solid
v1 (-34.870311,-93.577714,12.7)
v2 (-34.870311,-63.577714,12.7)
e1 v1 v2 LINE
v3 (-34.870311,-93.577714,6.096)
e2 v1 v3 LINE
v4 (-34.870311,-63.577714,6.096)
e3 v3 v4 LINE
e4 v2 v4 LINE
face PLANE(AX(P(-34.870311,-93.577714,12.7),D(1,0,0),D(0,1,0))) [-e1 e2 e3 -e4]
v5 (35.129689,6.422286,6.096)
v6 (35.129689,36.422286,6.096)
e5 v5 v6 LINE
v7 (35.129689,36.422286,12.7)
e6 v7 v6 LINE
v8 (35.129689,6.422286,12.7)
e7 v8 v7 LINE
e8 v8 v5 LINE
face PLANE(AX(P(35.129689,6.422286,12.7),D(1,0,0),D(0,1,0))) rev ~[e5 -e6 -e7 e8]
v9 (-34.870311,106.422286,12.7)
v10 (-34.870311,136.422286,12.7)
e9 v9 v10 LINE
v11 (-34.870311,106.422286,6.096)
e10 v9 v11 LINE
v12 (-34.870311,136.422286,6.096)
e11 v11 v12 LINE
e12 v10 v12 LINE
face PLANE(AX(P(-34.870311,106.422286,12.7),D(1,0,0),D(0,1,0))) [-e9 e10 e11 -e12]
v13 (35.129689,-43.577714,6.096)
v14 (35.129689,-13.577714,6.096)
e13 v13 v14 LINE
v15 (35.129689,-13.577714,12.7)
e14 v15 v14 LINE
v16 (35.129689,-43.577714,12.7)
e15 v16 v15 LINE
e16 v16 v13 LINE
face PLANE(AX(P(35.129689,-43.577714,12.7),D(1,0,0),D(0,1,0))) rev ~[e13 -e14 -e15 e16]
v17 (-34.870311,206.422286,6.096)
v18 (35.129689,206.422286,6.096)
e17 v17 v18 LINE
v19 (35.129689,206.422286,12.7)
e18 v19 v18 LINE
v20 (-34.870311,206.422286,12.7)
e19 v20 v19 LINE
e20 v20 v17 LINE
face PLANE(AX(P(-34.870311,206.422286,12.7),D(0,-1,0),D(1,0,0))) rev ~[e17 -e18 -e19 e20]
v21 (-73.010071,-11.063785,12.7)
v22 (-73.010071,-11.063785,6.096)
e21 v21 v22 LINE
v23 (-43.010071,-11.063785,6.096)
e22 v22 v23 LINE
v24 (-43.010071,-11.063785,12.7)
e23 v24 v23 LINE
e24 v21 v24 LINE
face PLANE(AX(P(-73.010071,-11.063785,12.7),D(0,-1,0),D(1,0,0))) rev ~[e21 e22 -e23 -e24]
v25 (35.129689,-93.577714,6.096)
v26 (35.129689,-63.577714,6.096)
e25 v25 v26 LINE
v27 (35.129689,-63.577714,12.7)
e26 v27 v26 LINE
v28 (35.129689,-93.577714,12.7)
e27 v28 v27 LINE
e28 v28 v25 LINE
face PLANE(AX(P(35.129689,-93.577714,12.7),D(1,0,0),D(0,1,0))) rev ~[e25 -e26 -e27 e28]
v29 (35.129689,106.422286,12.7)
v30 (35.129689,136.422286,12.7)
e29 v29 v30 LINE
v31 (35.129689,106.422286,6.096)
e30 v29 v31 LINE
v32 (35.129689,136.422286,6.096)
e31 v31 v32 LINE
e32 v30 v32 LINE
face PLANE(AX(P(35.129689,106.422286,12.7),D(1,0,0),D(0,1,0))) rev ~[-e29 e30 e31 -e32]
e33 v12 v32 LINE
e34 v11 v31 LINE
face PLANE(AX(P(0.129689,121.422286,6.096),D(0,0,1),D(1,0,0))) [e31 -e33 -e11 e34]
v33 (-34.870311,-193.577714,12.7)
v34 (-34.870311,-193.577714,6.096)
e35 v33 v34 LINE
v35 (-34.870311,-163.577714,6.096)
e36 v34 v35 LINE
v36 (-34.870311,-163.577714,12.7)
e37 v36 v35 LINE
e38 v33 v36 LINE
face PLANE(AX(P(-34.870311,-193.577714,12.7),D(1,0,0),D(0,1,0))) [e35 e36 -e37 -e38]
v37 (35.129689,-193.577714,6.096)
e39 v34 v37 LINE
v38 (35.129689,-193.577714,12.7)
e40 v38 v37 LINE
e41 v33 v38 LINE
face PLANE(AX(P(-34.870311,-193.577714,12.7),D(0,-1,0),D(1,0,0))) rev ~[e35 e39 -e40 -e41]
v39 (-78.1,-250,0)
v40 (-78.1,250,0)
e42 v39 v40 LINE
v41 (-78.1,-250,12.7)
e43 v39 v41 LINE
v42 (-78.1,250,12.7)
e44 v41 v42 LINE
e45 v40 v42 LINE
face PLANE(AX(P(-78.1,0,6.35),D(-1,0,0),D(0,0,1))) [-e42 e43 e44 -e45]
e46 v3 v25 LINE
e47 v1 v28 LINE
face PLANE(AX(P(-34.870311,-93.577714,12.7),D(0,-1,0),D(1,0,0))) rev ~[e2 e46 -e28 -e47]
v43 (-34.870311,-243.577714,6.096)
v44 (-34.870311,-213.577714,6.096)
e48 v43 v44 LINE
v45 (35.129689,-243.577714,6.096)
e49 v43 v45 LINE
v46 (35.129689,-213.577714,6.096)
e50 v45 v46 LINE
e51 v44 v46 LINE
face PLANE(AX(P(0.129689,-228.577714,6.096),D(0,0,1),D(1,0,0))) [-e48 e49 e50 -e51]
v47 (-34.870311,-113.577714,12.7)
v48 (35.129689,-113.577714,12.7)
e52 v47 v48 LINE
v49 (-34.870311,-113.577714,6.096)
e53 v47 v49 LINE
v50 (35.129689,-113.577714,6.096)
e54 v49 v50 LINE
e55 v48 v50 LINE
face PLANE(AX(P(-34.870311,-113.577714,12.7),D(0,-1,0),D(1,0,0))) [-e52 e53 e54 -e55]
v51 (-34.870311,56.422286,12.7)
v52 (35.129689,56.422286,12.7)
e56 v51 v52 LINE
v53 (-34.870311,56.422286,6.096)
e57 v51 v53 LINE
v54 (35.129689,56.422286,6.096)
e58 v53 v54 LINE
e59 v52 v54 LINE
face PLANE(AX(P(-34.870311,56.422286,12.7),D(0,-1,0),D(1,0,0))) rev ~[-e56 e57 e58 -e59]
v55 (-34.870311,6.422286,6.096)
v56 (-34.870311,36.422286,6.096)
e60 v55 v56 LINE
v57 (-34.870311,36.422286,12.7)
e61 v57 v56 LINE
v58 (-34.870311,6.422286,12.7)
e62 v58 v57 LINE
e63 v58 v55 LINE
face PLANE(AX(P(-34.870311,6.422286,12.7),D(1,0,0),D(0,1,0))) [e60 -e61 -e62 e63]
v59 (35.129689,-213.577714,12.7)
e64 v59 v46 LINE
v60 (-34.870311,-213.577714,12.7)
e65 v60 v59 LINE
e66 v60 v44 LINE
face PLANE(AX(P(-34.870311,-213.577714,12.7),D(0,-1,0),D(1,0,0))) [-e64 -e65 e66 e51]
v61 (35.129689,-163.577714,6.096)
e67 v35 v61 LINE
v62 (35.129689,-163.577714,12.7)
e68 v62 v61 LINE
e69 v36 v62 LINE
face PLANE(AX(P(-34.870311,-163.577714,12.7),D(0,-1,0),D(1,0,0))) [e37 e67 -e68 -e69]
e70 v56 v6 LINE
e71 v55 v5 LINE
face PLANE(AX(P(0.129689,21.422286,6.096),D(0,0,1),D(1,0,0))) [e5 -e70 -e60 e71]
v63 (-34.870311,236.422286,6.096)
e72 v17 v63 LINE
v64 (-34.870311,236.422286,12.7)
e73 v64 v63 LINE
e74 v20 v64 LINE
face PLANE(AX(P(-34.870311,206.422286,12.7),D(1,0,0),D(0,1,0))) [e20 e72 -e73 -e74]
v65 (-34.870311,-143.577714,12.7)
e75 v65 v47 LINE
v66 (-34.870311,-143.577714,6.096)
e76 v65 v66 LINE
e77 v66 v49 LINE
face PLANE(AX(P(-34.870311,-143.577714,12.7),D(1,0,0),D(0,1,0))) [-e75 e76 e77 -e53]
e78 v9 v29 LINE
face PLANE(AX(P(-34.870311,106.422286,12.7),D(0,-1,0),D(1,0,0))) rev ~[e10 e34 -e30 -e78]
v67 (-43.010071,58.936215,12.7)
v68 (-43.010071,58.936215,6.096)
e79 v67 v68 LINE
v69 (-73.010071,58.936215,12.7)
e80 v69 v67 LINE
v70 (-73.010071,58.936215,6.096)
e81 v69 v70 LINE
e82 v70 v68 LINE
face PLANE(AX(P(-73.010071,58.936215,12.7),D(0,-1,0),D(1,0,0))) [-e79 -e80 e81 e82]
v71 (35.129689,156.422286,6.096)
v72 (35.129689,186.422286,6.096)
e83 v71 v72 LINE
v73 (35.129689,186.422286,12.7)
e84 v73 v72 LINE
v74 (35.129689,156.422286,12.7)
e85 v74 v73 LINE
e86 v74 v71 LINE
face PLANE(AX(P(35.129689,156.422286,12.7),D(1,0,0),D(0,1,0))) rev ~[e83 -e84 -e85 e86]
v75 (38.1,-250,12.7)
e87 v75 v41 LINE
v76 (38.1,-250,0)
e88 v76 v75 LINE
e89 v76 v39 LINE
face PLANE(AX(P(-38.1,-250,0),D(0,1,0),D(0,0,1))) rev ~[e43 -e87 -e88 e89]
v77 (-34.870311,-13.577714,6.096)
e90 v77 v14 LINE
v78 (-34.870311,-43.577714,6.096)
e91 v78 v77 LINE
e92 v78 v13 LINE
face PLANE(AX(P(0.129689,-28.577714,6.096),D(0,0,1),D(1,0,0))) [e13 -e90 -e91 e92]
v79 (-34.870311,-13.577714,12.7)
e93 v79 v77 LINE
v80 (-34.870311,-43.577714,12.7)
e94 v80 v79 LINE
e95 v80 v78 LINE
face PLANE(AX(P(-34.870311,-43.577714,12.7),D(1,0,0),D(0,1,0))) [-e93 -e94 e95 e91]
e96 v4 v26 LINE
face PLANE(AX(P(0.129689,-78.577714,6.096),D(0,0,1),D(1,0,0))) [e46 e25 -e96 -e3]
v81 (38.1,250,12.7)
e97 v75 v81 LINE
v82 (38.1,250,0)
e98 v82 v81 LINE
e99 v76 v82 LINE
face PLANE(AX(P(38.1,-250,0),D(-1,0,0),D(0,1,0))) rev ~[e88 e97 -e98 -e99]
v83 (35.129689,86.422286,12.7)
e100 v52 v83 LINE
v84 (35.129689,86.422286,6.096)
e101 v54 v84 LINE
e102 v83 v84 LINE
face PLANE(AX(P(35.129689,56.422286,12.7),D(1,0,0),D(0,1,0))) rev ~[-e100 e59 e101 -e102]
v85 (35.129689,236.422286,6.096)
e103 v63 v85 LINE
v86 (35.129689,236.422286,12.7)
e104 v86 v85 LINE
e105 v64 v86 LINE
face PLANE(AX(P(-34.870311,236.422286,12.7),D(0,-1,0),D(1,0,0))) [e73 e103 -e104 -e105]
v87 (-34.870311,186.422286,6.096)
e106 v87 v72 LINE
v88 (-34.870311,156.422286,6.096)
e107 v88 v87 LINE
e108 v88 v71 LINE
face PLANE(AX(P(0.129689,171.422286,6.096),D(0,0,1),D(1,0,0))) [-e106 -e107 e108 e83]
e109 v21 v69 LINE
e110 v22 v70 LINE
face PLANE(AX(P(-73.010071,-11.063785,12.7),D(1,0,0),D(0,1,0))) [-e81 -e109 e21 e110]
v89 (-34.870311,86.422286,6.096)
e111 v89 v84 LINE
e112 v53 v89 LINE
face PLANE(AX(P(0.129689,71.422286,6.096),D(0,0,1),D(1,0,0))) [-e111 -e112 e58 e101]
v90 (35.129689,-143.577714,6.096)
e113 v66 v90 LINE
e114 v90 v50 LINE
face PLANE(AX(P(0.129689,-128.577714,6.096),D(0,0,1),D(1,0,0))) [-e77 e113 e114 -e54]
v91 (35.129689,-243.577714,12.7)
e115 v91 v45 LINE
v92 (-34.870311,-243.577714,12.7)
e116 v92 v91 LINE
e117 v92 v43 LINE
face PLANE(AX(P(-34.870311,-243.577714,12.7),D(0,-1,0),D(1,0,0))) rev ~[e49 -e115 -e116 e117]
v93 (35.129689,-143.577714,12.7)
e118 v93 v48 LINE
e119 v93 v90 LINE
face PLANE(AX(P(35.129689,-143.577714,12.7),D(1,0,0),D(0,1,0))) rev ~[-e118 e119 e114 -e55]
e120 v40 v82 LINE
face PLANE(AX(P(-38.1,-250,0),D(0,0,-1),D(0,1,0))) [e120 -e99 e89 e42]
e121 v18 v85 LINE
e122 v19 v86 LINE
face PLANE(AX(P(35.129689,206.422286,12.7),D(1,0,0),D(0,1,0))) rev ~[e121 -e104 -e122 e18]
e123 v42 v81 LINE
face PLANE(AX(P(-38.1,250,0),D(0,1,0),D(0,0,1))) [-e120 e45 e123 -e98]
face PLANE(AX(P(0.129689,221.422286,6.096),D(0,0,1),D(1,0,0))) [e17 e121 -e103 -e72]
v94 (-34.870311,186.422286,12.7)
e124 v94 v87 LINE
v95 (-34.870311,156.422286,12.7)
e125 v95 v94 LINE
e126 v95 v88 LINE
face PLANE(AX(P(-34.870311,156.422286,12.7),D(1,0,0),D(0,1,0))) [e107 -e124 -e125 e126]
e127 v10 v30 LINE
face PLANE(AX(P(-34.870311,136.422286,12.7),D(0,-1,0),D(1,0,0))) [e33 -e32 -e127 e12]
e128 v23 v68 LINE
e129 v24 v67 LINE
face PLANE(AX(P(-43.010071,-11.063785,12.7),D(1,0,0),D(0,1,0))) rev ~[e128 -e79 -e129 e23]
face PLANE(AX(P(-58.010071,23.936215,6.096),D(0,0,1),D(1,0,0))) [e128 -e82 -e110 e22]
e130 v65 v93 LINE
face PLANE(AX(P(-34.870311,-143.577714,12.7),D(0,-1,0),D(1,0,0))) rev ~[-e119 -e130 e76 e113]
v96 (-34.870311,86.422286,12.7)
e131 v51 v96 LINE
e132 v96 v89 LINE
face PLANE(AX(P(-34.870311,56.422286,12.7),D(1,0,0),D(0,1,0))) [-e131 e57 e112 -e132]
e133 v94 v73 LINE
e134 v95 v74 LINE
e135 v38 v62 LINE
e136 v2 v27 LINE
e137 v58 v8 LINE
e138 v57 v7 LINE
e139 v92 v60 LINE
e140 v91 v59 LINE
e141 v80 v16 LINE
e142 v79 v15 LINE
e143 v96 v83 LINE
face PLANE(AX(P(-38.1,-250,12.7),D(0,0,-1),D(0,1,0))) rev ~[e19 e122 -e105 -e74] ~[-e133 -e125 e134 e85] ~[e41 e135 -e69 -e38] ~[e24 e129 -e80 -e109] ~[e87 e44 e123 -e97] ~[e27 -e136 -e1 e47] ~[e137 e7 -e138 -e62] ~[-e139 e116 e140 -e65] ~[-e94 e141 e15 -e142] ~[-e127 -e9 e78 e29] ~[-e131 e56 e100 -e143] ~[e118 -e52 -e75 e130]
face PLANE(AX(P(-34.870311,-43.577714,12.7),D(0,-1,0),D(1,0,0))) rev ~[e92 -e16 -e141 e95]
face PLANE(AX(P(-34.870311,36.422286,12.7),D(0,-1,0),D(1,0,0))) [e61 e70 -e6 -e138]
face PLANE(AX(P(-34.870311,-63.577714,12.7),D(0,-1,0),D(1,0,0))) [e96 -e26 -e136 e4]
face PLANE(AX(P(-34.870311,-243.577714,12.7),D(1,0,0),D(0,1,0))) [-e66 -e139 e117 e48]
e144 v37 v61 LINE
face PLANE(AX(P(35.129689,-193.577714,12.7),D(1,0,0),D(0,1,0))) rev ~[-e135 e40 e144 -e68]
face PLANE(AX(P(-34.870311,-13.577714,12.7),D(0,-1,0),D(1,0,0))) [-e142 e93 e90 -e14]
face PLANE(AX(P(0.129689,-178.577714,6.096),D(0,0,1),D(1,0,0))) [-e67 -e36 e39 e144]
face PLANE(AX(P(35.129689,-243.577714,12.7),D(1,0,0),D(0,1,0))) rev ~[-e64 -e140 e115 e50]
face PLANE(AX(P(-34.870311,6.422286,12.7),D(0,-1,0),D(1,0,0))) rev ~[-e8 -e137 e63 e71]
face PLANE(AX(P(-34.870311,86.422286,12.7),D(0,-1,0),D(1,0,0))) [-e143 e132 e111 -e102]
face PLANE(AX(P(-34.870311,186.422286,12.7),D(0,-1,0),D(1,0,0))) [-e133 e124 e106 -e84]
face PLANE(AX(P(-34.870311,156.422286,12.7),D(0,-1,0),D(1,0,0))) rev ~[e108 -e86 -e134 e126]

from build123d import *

# Parameters (mm, degrees)
SKETCH1_W           = 76.2
SKETCH1_H           = 500
BOSS_EXTRUDE2_DEPTH = 12.7
SKETCH3_W           = 70
SKETCH3_H           = 30
CUT_EXTRUDE4_DEPTH  = 6.604
LPATTERN1_COUNT     = 10
LPATTERN1_PITCH     = 50
SKETCH4_W           = 12.7
SKETCH4_H           = 500
BOSS_EXTRUDE4_DEPTH = 40
SKETCH5_W           = 30
SKETCH5_H           = 70
CUT_EXTRUDE5_DEPTH  = 6.604


with BuildPart() as part:
    # Sketch1 → Boss-Extrude2 (new body)
    with BuildSketch(Plane.XY):
        Rectangle(SKETCH1_W, SKETCH1_H)
    extrude(amount=BOSS_EXTRUDE2_DEPTH)

    # Sketch3 → Cut-Extrude4 (cut)
    with BuildSketch(Plane.XY.offset(12.7)):
        with Locations((0.129688718, 221.422286077)):
            Rectangle(SKETCH3_W, SKETCH3_H)
    cut_extrude4 = extrude(amount=-CUT_EXTRUDE4_DEPTH, mode=Mode.SUBTRACT)

    # LPattern1: Cut-Extrude4 ×10
    with Locations(*[(0, -i * LPATTERN1_PITCH, 0) for i in range(1, LPATTERN1_COUNT)]):
        add(cut_extrude4, mode=Mode.SUBTRACT)

    # Sketch4 → Boss-Extrude4 (add)
    with BuildSketch(Plane.ZY.offset(38.1)):
        with Locations((6.35, 0)):
            Rectangle(SKETCH4_W, SKETCH4_H)
    extrude(amount=BOSS_EXTRUDE4_DEPTH)

    # Sketch5 → Cut-Extrude5 (cut)
    with BuildSketch(Plane.XY.offset(12.7)):
        with Locations((-58.010071461, 23.936214581)):
            Rectangle(SKETCH5_W, SKETCH5_H)
    extrude(amount=-CUT_EXTRUDE5_DEPTH, mode=Mode.SUBTRACT)


solid = part.part
